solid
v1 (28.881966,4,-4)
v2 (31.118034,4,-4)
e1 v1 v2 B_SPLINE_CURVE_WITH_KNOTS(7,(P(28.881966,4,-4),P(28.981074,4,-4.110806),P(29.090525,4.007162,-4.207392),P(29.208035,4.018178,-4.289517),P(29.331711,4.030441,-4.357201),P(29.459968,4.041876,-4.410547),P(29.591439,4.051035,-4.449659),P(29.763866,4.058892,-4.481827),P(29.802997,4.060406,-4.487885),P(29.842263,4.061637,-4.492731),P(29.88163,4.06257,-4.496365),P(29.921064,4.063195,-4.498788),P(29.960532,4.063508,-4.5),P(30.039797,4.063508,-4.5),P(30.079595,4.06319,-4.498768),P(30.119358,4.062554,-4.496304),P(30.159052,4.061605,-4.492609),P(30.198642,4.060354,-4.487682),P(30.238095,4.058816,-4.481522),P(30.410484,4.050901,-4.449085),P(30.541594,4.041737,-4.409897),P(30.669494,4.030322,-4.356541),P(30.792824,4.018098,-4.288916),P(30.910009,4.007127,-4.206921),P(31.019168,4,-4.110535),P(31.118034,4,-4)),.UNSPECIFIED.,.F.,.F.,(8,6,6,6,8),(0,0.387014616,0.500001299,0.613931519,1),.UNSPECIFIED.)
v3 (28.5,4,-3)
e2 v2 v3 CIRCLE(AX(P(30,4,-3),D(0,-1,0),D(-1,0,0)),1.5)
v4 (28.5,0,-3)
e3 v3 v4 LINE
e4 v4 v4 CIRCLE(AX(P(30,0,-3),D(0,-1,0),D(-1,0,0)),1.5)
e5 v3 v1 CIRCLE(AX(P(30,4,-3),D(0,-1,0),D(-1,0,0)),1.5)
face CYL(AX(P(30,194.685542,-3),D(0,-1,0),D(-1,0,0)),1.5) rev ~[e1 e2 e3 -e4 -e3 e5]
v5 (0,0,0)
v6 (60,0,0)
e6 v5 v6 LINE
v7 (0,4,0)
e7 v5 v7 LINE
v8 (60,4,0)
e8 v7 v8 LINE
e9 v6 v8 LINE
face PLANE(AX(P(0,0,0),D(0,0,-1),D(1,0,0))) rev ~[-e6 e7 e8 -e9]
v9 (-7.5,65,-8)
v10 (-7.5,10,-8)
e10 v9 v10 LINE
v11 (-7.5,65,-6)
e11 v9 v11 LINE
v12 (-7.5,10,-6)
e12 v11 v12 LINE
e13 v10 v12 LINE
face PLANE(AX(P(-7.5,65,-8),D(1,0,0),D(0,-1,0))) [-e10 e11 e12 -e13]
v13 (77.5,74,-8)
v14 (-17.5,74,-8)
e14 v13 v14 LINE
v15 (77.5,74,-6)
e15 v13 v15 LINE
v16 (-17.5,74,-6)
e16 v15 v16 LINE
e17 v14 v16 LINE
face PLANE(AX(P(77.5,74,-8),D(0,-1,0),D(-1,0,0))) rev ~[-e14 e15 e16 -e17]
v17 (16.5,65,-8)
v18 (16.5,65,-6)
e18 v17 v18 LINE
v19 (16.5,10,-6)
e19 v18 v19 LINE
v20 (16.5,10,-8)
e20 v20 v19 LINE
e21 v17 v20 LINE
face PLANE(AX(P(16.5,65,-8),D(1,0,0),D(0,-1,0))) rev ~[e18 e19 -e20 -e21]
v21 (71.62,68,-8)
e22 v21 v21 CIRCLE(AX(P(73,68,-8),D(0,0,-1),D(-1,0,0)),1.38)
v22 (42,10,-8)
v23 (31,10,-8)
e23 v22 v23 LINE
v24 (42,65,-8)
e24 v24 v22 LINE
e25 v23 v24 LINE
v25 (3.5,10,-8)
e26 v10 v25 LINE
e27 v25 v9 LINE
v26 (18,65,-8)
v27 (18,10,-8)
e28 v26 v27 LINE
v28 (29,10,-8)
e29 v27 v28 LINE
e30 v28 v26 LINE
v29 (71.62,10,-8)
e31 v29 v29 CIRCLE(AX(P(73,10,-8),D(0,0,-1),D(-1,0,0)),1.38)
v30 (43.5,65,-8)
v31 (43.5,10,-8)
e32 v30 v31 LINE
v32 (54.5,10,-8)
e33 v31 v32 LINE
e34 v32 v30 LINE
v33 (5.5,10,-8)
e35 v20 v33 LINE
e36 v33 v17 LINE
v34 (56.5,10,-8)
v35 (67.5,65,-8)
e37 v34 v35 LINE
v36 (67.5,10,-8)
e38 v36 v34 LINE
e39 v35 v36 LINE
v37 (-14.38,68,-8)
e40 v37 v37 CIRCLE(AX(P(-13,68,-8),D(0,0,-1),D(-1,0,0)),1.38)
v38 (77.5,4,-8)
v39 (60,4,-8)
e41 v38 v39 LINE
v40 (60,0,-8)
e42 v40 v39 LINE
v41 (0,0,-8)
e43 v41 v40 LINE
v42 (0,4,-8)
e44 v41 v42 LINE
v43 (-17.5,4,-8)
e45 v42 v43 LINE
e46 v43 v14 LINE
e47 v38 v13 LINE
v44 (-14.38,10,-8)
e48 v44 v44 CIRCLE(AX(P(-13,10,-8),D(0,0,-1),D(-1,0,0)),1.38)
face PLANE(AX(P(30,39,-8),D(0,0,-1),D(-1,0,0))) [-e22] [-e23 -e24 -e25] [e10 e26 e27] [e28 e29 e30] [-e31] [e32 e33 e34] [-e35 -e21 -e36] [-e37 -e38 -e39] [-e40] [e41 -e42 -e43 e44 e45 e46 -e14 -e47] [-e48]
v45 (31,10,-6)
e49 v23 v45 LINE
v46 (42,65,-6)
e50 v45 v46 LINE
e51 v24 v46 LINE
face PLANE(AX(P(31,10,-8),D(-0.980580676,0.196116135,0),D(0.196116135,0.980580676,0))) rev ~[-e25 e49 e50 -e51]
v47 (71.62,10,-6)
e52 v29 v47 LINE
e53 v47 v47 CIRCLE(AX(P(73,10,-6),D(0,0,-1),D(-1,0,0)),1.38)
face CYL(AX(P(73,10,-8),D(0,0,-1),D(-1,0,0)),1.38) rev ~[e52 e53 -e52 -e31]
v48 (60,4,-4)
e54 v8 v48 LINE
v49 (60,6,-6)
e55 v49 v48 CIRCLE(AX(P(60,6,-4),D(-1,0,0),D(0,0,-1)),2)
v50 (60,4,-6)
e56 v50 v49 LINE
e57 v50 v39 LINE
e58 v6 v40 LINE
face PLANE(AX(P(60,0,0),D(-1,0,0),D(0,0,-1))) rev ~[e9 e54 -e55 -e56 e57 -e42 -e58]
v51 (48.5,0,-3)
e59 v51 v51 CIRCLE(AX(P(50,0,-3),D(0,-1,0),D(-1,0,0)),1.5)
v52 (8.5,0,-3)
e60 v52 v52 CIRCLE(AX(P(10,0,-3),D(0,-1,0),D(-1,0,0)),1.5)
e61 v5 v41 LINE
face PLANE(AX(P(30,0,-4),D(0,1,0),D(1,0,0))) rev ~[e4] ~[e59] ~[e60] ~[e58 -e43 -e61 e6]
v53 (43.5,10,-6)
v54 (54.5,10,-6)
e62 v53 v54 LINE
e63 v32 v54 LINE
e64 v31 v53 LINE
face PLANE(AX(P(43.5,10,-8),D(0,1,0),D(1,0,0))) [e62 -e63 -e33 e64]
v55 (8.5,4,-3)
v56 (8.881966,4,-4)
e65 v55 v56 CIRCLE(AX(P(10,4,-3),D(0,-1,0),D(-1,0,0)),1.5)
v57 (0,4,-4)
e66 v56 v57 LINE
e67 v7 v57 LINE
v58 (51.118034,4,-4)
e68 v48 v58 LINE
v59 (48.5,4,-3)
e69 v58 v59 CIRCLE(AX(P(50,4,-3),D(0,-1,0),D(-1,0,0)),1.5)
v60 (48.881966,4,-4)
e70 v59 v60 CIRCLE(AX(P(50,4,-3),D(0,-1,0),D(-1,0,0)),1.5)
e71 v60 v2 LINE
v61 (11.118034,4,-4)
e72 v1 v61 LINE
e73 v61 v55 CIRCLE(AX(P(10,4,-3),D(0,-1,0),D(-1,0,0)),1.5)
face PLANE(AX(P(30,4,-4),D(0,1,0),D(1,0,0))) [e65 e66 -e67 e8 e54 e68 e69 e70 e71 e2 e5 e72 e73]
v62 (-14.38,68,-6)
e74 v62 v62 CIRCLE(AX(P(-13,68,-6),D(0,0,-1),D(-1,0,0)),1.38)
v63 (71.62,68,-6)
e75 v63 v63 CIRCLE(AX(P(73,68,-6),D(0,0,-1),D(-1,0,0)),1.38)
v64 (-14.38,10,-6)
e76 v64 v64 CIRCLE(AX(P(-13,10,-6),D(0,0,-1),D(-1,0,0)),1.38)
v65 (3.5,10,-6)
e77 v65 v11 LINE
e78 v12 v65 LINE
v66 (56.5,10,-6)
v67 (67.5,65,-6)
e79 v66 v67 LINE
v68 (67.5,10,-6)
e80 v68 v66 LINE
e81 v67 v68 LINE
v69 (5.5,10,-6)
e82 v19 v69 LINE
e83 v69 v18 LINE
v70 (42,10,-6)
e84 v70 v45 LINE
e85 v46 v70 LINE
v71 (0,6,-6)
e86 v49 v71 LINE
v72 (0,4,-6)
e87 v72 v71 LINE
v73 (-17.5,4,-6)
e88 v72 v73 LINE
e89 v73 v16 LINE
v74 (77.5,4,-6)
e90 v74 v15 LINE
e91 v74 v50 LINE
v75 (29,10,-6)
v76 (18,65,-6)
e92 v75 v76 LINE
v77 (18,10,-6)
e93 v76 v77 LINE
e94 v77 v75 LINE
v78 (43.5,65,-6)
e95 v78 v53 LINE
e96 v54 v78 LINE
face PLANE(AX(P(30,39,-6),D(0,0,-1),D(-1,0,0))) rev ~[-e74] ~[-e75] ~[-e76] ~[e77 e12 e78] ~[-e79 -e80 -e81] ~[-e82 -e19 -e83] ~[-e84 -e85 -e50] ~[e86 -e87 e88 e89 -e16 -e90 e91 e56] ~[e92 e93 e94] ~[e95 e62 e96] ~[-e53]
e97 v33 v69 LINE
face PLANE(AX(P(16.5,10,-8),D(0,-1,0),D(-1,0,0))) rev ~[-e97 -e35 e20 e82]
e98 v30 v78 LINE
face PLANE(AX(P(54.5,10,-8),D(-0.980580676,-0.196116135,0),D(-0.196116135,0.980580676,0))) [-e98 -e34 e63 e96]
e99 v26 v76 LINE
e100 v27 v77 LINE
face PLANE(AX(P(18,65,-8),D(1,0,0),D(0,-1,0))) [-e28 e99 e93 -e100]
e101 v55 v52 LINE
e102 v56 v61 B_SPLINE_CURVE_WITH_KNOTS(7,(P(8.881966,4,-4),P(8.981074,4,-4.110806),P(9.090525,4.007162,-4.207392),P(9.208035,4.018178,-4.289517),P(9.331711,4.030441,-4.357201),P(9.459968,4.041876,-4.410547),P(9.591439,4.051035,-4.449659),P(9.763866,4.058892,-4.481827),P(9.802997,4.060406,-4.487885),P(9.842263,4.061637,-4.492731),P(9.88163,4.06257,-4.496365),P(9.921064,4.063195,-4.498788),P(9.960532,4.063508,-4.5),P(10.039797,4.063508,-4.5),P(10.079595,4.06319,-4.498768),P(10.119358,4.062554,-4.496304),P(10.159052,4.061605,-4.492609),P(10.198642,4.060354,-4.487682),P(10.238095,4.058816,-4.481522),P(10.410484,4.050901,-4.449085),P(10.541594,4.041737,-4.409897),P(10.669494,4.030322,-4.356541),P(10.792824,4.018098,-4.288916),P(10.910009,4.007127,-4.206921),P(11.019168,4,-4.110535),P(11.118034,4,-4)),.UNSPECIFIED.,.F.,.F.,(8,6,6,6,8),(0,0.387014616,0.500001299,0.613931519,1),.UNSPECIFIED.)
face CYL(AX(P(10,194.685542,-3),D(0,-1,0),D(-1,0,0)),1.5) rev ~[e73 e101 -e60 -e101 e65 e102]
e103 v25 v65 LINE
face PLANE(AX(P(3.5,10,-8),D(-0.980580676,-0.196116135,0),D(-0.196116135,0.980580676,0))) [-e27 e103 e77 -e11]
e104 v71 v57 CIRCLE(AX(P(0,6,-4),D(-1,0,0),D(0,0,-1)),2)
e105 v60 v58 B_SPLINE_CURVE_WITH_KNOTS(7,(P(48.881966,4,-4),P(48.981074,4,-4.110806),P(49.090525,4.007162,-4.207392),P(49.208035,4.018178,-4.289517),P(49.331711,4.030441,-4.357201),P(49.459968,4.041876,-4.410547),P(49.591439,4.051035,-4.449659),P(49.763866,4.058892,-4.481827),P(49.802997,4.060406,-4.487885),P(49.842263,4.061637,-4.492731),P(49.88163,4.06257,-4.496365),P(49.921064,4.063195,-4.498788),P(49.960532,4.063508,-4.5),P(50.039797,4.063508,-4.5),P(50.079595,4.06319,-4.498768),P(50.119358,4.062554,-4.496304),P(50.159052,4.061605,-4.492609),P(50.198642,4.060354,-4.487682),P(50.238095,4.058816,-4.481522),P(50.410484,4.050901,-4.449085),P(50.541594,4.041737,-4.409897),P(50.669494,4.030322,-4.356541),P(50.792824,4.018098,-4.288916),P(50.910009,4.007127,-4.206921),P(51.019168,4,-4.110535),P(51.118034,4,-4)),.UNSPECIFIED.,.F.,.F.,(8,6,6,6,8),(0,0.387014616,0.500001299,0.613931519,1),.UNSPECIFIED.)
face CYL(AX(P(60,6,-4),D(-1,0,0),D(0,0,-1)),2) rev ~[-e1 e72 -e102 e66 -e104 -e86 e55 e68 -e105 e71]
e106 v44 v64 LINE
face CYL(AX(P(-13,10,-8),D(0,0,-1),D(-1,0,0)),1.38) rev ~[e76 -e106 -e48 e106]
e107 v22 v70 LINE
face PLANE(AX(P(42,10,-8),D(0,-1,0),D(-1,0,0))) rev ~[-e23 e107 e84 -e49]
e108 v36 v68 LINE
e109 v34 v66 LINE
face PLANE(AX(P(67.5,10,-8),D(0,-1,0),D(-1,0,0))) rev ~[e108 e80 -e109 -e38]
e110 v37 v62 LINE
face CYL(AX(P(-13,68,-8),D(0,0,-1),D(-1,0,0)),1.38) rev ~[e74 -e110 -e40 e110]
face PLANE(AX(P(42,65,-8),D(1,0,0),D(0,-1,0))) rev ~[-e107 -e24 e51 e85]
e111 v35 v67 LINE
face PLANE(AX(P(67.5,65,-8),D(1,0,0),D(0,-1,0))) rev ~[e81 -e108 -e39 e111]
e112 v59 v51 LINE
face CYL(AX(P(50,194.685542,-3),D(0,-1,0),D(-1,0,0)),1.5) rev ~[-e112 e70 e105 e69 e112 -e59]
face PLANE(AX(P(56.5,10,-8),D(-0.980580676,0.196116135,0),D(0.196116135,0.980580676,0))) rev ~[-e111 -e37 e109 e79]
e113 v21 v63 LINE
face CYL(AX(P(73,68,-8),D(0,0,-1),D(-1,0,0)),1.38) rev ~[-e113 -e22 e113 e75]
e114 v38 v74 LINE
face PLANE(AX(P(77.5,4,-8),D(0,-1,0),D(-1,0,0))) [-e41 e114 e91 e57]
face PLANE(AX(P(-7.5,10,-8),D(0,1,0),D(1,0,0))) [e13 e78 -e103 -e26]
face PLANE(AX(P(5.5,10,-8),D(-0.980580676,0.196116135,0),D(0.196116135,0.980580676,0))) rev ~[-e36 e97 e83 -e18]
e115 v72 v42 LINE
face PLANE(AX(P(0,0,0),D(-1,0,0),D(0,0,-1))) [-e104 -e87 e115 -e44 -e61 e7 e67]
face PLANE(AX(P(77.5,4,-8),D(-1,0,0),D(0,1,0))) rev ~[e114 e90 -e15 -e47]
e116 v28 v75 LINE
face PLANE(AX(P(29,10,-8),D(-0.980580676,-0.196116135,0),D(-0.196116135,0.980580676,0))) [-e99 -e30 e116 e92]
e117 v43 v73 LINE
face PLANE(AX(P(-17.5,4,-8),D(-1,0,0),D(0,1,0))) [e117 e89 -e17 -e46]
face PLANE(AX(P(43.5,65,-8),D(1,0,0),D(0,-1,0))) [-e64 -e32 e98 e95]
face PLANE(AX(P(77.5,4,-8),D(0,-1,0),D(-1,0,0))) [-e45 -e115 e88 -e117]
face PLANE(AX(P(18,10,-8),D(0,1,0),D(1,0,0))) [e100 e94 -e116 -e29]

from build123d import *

# Parameters (mm, degrees)
SKETCH1_W             = 60
SKETCH1_H             = 8
BOSS_EXTRUDE1_DEPTH   = 4
SKETCH3_W             = 95
SKETCH3_H             = 70
SKETCH3_R             = 1.38
BOSS_EXTRUDE2_DEPTH   = 2
FILLET3_R             = 2
F_3_0MM_DOWEL_HOLE2_D = 3


with BuildPart() as part:
    # Sketch1 → Boss-Extrude1 (new body)
    with BuildSketch(Plane(origin=(0, 0, 0), x_dir=(1, 0, 0), z_dir=(0, 1, 0))):
        with Locations((30, 4)):
            Rectangle(SKETCH1_W, SKETCH1_H)
    extrude(amount=BOSS_EXTRUDE1_DEPTH)

    # Sketch3 → Boss-Extrude2 (add)
    with BuildSketch(Plane(origin=(0, 0, -8), x_dir=(-1, 0, 0), z_dir=(0, 0, -1))):
        with Locations((-30, 39)):
            Rectangle(SKETCH3_W, SKETCH3_H)
        with Locations((13, 68)):
            Circle(SKETCH3_R, mode=Mode.SUBTRACT)
        with Locations((-73, 68)):
            Circle(SKETCH3_R, mode=Mode.SUBTRACT)
        with Locations((-73, 10)):
            Circle(SKETCH3_R, mode=Mode.SUBTRACT)
        with Locations((13, 10)):
            Circle(SKETCH3_R, mode=Mode.SUBTRACT)
        Polygon((-3.5, 10), (7.5, 65), (7.5, 10), align=None, mode=Mode.SUBTRACT)
        Polygon((-16.5, 10), (-5.5, 10), (-16.5, 65), align=None, mode=Mode.SUBTRACT)
        Polygon((-18, 10), (-29, 10), (-18, 65), align=None, mode=Mode.SUBTRACT)
        Polygon((-42, 10), (-31, 10), (-42, 65), align=None, mode=Mode.SUBTRACT)
        Polygon((-43.5, 10), (-54.5, 10), (-43.5, 65), align=None, mode=Mode.SUBTRACT)
        Polygon((-67.5, 10), (-56.5, 10), (-67.5, 65), align=None, mode=Mode.SUBTRACT)
    extrude(amount=-BOSS_EXTRUDE2_DEPTH)

    # Fillet3
    fillet3_edges = [part.edges().sort_by_distance(p)[0] for p in [
        (30, 4, -6),
    ]]
    fillet(fillet3_edges, radius=FILLET3_R)

    # Ø3.0mm Dowel Hole2 (through all)
    with Locations(Plane(origin=(0, 74, 0), x_dir=(1, 0, 0), z_dir=(0, 1, 0))):
        with Locations((10, 3), (30, 3), (50, 3)):
            Hole(F_3_0MM_DOWEL_HOLE2_D / 2)


solid = part.part
